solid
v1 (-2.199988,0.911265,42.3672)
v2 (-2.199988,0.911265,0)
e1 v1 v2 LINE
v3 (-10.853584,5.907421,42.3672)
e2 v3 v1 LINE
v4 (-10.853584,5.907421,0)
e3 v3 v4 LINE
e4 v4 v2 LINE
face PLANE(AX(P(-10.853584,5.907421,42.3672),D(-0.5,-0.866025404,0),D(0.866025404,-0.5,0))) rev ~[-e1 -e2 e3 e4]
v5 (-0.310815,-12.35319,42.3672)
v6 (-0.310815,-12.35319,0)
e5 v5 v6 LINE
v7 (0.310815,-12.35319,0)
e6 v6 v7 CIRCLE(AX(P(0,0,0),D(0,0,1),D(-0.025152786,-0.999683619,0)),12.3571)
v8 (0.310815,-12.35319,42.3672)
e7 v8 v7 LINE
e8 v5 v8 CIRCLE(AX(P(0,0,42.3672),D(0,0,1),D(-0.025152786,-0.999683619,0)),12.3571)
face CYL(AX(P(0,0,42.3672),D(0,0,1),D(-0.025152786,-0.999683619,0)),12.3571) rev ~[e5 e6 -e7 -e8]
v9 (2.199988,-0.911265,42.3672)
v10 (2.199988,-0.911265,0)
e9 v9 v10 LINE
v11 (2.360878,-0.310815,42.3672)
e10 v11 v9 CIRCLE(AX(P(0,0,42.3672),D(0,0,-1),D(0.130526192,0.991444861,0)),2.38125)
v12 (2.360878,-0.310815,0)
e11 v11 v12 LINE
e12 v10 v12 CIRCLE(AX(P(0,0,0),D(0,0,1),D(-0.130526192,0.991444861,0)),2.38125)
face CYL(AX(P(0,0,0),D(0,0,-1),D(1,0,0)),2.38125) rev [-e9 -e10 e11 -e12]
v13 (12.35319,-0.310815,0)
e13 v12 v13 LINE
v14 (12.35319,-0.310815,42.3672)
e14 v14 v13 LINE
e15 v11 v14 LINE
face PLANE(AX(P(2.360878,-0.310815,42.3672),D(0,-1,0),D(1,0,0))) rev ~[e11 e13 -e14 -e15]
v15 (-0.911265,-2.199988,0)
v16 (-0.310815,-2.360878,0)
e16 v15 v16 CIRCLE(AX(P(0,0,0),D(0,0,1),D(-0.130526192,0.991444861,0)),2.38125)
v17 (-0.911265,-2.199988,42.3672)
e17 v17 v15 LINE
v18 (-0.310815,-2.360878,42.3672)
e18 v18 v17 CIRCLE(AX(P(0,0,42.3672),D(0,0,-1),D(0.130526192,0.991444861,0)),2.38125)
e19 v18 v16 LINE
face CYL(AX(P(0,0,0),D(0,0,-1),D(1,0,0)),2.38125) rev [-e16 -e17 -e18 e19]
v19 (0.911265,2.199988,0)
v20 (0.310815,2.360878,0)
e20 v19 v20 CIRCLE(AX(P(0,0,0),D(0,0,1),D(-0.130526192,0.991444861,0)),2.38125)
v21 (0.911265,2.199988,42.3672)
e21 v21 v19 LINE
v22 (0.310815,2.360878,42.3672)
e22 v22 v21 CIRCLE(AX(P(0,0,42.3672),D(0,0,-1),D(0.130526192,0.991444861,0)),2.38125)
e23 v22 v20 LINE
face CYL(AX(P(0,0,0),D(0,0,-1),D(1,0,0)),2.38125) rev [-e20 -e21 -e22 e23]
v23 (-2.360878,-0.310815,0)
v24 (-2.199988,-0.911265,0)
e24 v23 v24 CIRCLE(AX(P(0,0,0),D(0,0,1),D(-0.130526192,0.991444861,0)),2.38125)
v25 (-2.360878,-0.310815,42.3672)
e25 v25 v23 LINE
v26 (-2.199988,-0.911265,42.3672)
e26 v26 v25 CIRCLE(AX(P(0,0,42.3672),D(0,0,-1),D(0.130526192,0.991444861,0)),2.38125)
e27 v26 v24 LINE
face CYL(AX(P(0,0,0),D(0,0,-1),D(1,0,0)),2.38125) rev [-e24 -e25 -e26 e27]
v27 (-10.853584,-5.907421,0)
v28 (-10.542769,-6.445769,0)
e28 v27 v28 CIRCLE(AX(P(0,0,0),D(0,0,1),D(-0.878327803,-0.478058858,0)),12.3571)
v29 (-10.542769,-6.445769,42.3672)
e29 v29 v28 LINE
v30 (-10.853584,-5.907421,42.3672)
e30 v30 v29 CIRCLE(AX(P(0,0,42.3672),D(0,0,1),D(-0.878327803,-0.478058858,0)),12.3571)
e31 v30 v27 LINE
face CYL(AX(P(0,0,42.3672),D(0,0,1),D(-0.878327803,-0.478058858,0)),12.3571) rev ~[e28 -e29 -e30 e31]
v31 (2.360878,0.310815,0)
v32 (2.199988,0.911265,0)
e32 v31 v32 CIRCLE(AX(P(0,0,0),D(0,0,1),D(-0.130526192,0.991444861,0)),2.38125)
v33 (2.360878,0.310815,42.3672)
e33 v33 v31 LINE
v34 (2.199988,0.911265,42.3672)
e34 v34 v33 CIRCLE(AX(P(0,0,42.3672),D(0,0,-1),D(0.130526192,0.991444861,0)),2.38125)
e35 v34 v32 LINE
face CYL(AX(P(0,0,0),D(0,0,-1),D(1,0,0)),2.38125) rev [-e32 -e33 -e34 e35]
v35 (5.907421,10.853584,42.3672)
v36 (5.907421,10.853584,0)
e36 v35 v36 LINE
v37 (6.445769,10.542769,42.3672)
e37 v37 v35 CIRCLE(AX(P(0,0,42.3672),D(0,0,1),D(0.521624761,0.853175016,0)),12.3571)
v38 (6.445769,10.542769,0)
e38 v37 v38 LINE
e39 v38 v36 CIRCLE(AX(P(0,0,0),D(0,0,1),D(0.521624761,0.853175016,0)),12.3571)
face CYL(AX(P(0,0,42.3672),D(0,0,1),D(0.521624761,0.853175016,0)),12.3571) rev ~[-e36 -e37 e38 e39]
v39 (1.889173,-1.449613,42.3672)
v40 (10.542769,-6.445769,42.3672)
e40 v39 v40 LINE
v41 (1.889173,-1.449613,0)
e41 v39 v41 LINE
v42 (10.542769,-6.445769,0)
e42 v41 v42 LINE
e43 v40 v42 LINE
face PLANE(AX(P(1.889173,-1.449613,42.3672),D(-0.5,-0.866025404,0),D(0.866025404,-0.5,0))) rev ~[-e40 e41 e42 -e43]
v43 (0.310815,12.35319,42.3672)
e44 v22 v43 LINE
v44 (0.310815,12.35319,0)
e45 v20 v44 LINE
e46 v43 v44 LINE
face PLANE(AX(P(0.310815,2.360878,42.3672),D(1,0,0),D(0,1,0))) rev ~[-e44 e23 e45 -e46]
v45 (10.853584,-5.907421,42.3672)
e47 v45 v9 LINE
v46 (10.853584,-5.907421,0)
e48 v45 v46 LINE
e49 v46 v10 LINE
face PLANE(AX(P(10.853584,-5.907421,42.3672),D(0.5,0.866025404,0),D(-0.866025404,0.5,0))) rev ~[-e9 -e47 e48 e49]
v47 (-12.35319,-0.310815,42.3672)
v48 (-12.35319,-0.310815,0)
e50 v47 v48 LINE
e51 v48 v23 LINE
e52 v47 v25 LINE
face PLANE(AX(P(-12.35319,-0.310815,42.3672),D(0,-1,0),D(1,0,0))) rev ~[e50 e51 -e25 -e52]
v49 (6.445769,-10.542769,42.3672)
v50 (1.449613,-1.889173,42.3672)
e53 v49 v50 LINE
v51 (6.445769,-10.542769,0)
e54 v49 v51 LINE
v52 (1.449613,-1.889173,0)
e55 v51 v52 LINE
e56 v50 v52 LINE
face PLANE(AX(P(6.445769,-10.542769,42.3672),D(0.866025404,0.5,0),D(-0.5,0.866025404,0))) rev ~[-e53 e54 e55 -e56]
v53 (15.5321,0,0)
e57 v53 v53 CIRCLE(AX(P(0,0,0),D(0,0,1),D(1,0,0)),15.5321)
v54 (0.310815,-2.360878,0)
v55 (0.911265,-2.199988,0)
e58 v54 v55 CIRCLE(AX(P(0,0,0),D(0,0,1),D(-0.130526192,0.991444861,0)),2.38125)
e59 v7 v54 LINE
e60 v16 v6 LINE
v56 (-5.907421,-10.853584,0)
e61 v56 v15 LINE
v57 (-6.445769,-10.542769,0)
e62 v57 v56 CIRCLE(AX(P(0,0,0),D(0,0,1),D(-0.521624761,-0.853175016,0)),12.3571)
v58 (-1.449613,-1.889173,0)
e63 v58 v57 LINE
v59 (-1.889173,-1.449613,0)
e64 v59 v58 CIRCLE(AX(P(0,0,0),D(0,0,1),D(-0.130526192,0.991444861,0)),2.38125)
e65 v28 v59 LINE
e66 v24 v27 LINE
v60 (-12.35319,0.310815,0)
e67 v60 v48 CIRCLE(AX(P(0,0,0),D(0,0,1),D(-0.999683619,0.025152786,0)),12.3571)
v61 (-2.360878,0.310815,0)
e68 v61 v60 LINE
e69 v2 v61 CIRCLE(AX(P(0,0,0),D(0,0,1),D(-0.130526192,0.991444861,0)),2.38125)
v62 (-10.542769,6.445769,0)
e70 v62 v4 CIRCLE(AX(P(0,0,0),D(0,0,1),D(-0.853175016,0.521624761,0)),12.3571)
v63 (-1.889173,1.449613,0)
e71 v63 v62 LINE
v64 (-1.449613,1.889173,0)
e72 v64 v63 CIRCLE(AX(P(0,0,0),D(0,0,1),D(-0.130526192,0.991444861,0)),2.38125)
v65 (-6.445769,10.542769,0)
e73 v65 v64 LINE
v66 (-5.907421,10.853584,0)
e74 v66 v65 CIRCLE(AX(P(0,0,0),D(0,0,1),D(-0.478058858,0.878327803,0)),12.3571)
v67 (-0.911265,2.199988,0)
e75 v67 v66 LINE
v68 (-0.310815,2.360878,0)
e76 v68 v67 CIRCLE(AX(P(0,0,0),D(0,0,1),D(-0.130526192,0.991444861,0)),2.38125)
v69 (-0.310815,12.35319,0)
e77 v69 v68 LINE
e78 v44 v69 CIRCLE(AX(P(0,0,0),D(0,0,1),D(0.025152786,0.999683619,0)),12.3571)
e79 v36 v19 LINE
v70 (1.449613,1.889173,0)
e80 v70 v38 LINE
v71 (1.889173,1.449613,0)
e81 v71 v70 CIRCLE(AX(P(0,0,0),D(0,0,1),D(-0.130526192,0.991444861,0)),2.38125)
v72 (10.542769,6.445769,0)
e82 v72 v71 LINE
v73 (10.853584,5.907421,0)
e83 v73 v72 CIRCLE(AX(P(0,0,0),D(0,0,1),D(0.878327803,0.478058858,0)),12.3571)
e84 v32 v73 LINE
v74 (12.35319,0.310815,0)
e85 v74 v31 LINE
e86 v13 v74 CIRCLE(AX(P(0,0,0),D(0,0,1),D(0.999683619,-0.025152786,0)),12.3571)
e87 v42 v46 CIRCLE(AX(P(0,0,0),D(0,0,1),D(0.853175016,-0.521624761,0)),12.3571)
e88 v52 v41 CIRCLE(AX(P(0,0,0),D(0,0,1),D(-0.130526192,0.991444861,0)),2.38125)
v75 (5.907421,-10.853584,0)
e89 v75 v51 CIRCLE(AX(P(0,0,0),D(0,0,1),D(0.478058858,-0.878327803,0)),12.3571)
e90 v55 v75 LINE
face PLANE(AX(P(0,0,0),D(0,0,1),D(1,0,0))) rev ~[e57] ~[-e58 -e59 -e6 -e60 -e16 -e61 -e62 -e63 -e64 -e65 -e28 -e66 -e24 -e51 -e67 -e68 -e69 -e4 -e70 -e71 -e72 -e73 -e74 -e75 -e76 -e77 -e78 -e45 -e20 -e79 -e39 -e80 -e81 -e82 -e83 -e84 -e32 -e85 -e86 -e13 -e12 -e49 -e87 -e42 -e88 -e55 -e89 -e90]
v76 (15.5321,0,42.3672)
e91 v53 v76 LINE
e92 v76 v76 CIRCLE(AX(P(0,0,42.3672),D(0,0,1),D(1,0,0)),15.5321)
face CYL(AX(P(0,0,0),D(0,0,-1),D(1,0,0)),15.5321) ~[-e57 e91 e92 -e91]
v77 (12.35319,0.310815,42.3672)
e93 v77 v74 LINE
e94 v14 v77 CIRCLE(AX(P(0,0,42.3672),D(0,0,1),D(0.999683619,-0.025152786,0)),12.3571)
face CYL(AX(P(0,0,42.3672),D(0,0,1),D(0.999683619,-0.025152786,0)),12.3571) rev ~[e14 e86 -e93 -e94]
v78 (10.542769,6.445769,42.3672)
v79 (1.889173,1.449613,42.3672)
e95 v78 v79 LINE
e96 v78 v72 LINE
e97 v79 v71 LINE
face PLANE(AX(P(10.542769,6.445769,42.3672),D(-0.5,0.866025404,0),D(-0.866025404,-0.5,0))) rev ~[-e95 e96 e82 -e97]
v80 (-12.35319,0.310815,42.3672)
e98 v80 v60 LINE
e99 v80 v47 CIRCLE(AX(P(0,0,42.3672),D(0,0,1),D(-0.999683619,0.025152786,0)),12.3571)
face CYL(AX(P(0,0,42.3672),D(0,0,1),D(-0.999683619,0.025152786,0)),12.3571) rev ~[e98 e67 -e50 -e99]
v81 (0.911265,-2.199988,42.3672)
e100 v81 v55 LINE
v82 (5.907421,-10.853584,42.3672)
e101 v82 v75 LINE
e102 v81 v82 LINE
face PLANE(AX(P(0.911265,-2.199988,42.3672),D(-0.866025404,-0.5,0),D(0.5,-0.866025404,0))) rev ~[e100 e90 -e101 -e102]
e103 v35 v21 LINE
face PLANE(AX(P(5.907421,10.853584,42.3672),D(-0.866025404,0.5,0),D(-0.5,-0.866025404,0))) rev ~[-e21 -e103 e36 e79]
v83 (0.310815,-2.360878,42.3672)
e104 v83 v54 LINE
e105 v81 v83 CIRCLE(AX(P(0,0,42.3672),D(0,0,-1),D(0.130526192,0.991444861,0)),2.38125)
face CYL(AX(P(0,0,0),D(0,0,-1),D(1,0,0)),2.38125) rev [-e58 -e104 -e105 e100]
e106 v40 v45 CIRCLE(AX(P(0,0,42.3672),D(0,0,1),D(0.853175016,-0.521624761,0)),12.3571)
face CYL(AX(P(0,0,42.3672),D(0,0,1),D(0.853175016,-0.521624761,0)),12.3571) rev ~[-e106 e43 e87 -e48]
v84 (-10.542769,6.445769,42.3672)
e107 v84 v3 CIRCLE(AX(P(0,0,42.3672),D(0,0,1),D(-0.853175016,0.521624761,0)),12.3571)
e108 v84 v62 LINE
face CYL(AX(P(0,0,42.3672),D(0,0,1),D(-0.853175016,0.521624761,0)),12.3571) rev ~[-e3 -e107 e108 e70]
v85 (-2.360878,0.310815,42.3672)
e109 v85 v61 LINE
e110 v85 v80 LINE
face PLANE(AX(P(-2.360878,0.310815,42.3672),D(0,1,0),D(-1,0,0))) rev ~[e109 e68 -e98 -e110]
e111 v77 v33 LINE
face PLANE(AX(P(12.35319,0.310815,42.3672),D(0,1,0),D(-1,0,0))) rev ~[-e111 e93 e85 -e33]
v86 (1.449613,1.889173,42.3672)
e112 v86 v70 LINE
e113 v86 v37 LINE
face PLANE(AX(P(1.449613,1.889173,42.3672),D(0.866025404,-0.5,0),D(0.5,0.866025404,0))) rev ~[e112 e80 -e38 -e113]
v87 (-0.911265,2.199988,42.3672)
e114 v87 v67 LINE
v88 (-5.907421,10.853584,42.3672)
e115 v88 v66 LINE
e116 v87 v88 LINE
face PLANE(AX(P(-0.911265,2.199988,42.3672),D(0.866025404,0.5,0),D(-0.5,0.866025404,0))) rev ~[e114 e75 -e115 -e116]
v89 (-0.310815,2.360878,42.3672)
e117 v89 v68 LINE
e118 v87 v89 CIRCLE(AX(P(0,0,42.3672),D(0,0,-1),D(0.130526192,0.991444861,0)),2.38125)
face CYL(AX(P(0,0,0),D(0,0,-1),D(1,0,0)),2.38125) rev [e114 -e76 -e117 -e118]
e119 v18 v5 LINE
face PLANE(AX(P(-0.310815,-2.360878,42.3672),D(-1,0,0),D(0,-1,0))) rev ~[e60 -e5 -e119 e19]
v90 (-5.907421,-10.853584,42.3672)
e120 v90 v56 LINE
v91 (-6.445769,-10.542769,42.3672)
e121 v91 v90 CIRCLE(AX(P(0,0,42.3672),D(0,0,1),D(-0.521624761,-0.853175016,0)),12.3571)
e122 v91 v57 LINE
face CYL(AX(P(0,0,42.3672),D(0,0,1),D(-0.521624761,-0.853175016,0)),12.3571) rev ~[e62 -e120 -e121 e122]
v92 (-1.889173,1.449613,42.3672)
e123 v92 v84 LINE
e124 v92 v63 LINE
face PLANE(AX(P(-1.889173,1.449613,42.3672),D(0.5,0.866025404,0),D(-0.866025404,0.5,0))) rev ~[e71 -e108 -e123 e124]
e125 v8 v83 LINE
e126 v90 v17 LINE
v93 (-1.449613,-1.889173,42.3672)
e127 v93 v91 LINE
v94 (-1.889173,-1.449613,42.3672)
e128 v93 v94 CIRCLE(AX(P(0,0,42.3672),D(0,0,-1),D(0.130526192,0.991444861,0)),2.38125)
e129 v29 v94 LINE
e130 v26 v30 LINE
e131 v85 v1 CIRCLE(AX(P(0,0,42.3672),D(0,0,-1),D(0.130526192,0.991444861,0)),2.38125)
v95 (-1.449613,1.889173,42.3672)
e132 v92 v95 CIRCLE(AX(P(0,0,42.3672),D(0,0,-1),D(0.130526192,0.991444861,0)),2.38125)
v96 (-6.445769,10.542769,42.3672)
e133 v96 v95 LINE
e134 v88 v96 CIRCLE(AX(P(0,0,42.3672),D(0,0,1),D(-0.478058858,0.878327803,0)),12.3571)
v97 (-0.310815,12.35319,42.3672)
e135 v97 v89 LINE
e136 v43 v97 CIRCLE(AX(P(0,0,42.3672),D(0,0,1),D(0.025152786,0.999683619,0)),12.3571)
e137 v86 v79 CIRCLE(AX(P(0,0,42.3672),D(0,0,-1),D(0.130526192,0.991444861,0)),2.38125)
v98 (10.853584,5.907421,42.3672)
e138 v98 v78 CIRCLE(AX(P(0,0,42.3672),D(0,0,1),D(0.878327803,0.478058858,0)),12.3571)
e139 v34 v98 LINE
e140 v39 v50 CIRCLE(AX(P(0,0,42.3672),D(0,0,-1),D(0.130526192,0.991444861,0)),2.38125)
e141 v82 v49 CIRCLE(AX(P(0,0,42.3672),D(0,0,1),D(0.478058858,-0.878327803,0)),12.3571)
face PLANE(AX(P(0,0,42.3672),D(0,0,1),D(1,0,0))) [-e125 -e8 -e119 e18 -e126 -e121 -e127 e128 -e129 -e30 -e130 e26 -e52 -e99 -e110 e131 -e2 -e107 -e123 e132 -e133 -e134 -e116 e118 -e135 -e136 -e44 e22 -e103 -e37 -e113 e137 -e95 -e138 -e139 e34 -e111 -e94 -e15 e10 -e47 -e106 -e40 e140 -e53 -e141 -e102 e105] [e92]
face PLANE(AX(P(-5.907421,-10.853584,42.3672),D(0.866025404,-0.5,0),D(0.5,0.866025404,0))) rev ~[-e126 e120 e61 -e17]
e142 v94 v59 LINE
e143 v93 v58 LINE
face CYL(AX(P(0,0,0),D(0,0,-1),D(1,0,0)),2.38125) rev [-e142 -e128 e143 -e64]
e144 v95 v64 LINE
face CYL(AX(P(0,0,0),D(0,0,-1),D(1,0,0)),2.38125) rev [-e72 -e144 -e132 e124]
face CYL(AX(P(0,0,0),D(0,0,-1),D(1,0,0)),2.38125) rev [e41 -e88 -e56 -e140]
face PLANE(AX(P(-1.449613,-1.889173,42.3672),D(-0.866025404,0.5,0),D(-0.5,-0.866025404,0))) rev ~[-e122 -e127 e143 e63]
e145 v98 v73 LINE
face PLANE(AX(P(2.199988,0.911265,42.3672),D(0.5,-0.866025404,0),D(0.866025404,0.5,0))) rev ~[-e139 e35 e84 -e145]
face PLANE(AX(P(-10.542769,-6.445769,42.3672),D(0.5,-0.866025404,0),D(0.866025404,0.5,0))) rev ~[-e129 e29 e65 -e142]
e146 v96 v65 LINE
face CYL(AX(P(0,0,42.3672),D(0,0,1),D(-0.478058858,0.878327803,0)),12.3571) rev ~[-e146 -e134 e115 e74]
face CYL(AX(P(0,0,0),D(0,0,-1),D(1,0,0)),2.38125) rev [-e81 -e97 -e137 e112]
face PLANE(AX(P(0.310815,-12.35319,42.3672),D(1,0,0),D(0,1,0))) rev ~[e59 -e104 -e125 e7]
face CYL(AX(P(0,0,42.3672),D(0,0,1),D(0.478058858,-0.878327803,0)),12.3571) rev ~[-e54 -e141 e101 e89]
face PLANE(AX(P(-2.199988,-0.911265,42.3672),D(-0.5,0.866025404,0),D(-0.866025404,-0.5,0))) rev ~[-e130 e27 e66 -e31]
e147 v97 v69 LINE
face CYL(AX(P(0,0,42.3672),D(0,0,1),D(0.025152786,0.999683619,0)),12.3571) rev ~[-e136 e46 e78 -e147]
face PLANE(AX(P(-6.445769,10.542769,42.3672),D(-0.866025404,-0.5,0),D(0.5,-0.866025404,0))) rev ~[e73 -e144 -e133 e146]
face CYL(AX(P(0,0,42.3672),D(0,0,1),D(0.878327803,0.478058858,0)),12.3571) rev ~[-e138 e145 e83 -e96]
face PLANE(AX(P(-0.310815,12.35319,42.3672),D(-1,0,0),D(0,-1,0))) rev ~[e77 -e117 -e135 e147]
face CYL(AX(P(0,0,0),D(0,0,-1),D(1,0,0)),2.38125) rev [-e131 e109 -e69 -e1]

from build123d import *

# Parameters (mm, degrees)
F0_R     = 15.5321
F0_R_2   = 2.38125
F1_DEPTH = 42.3672
F3_DEPTH = 42.3672
F4_COUNT = 12
F4_ANGLE = 330


with BuildPart() as f1:
    # F0 (on Top) → F1 (new body)
    with BuildSketch(Plane.XY):
        Circle(F0_R)
        Circle(F0_R_2, mode=Mode.SUBTRACT)
    extrude(amount=F1_DEPTH)

    # F2 (on face) → F3 (cut, through all)
    with BuildSketch(Plane.XY.offset(42.3672)):
        with BuildLine():
            Line((-0.3108154952, 12.3531904437), (-0.3108154952, 2.3608780761))
            Line((-0.3108154952, 2.3608780761), (0, 2.3608780761))
            Line((0, 2.3608780761), (0.3108154952, 2.3608780761))
            Line((0.3108154952, 2.3608780761), (0.3108154952, 12.3531904437))
            ThreePointArc((0.3108154952, 12.3531904437), (0, 12.3571), (-0.3108154952, 12.3531904437))
        make_face()
    f3 = extrude(amount=-F3_DEPTH, mode=Mode.SUBTRACT)

    # F4: F3 ×12 about axis
    f4_axis = Axis((0, 0, 0), (0, 0, 1))
    for i in range(1, F4_COUNT):
        add(f3.rotate(f4_axis, i * F4_ANGLE / (F4_COUNT - 1)), mode=Mode.SUBTRACT)


solid = f1.part
